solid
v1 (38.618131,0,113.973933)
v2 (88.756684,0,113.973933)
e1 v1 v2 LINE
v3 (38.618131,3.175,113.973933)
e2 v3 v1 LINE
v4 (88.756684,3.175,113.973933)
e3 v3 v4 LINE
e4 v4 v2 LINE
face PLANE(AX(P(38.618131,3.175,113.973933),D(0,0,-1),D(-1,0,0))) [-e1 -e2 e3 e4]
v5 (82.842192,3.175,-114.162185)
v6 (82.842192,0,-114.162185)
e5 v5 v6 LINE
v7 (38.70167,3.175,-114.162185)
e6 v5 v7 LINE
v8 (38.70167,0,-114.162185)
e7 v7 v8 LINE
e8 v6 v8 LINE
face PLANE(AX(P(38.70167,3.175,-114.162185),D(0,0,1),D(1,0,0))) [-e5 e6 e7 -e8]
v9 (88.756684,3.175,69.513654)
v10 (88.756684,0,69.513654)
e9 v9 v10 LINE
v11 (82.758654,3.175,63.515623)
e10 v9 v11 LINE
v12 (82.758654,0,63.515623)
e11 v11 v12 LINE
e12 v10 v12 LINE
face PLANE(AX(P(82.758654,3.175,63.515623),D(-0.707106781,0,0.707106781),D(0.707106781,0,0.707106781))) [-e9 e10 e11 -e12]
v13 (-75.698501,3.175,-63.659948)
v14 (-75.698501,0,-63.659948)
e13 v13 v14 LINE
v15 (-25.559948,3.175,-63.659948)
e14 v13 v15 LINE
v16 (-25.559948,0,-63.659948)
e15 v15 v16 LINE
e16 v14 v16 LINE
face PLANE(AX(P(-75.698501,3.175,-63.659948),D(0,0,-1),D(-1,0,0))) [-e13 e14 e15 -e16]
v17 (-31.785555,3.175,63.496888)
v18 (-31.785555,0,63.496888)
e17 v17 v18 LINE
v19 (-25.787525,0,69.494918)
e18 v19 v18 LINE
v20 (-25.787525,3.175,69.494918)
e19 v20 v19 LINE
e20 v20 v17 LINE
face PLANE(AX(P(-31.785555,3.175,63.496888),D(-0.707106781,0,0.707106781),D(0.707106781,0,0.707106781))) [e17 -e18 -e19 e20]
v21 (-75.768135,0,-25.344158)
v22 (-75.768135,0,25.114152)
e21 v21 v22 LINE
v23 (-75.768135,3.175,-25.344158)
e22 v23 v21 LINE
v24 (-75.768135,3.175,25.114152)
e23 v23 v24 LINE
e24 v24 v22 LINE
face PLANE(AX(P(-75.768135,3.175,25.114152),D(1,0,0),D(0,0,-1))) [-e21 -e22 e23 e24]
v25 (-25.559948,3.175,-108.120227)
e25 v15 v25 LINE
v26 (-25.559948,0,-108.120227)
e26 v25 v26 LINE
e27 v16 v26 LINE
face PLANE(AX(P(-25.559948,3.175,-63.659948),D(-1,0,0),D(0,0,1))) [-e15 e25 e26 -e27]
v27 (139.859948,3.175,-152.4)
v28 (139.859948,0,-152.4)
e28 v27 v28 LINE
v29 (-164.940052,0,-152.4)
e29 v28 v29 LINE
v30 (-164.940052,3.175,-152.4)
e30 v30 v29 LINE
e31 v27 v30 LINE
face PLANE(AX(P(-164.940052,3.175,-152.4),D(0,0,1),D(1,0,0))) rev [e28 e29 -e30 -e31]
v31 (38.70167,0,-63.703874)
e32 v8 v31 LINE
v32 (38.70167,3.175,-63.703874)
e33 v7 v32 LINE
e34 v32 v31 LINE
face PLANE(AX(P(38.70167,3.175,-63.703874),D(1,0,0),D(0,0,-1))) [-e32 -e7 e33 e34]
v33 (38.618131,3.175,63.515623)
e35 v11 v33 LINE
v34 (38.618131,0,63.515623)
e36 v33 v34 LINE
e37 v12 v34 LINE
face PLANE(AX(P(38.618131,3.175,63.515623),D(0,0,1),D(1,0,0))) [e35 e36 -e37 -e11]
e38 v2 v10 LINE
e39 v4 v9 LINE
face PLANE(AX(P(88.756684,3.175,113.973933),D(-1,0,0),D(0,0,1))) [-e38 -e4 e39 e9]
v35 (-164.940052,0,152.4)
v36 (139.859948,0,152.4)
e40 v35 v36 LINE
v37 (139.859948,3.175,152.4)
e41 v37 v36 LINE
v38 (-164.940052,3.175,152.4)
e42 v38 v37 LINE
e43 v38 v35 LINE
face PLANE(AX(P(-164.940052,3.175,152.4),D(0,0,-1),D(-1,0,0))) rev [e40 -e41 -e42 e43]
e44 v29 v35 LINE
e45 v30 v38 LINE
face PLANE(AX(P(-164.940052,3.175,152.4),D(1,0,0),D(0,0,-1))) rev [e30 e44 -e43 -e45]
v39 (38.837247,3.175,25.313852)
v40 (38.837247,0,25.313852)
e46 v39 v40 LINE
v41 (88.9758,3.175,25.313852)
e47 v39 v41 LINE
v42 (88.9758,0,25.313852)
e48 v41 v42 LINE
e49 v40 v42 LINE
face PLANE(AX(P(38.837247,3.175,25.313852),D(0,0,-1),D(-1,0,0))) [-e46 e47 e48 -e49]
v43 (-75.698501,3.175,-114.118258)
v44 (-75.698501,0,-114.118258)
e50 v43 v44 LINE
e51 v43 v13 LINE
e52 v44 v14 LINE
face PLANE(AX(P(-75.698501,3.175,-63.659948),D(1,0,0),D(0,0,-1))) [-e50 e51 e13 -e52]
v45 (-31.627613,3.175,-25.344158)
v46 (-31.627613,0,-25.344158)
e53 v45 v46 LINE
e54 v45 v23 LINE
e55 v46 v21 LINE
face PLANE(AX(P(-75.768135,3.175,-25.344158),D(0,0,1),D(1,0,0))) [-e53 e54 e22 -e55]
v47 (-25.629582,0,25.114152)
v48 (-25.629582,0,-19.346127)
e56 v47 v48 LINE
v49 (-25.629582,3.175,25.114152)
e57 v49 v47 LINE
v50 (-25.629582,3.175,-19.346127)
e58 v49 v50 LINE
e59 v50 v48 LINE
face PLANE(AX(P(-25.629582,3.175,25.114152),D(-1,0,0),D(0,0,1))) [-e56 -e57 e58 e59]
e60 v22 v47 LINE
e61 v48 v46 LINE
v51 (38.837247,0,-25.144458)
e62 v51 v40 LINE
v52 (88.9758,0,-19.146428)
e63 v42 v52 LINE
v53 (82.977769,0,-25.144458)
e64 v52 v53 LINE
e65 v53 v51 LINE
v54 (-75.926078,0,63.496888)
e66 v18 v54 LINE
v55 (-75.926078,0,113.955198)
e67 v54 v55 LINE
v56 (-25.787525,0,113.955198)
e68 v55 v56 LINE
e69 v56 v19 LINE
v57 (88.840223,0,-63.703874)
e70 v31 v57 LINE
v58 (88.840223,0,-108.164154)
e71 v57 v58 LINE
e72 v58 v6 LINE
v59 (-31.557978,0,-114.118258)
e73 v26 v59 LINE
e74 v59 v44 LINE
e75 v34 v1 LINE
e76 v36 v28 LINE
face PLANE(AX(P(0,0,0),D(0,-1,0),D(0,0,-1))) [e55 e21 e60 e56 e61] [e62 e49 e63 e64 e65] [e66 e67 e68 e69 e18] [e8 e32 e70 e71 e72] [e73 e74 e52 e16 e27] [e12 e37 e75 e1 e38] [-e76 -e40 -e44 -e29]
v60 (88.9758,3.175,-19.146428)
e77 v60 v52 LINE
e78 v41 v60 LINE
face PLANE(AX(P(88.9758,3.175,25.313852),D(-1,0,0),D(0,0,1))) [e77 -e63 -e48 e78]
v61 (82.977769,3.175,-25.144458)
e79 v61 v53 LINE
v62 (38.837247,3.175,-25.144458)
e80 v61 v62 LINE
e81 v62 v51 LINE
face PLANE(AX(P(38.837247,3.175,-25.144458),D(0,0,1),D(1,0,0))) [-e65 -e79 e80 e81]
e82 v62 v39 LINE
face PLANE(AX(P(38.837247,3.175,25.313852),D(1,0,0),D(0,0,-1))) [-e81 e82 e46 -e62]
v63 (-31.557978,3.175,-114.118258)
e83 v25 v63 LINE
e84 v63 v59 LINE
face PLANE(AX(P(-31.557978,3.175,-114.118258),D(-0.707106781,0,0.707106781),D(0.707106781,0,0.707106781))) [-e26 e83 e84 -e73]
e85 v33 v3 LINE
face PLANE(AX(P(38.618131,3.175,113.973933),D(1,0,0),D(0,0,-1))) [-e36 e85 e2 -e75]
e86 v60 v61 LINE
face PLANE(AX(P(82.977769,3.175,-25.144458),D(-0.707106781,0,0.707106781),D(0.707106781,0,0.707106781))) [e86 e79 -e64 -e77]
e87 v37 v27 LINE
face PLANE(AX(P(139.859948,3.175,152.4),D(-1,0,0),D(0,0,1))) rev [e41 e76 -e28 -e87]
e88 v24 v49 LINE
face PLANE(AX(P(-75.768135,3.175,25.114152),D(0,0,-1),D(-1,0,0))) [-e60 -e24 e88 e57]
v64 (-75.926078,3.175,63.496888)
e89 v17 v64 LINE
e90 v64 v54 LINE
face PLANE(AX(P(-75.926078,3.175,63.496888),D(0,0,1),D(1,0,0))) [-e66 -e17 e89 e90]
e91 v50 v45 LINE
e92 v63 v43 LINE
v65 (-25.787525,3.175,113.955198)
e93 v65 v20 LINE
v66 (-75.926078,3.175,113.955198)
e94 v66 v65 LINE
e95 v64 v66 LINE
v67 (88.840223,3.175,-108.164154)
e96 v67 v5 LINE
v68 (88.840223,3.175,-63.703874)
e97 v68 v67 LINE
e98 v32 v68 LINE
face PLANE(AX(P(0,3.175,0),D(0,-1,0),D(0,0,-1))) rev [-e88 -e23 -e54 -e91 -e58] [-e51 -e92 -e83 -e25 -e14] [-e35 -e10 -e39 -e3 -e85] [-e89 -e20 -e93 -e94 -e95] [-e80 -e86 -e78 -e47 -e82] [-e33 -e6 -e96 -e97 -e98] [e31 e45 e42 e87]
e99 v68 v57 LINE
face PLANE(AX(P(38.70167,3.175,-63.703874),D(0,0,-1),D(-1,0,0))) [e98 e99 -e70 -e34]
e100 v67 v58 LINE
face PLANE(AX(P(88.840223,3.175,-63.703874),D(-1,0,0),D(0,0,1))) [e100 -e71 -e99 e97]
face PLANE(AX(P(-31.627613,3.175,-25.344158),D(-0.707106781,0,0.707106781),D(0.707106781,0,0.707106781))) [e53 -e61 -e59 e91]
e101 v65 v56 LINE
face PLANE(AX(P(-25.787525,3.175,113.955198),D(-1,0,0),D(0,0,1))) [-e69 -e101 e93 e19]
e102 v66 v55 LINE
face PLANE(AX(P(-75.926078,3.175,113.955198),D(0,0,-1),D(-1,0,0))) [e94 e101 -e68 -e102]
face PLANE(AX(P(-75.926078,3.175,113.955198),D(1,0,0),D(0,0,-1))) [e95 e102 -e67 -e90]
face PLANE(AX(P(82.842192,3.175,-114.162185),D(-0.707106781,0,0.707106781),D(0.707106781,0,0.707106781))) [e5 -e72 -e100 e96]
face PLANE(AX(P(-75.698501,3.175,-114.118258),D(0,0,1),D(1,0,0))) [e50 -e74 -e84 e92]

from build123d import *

# Parameters (mm, degrees)
SKETCH1_W           = 304.8
SKETCH1_H           = 304.8
BOSS_EXTRUDE1_DEPTH = 3.175


with BuildPart() as part:
    # Sketch1 → Boss-Extrude1 (new body)
    with BuildSketch(Plane(origin=(0, 0, 0), x_dir=(1, 0, 0), z_dir=(0, 1, 0))):
        with Locations((-12.540052417, 0)):
            Rectangle(SKETCH1_W, SKETCH1_H)
        Polygon((-75.698500695, 63.659947583), (-25.559947583, 63.659947583), (-25.559947583, 108.120227238), (-31.557978093, 114.118257748), (-75.698500695, 114.118257748), align=None, mode=Mode.SUBTRACT)
        Polygon((38.701669621, 63.703874457), (88.840222733, 63.703874457), (88.840222733, 108.164154112), (82.842192224, 114.162184621), (38.701669621, 114.162184621), align=None, mode=Mode.SUBTRACT)
        Polygon((-75.76813518, -25.114152208), (-25.629582068, -25.114152208), (-25.629582068, 19.346127447), (-31.627612577, 25.344157957), (-75.76813518, 25.344157957), align=None, mode=Mode.SUBTRACT)
        Polygon((38.837246674, -25.31385175), (88.975799786, -25.31385175), (88.975799786, 19.146427905), (82.977769277, 25.144458414), (38.837246674, 25.144458414), align=None, mode=Mode.SUBTRACT)
        Polygon((38.618131254, -113.973933449), (88.756684366, -113.973933449), (88.756684366, -69.513653793), (82.758653857, -63.515623284), (38.618131254, -63.515623284), align=None, mode=Mode.SUBTRACT)
        Polygon((-75.926077633, -113.955197726), (-25.787524521, -113.955197726), (-25.787524521, -69.494918071), (-31.78555503, -63.496887561), (-75.926077633, -63.496887561), align=None, mode=Mode.SUBTRACT)
    extrude(amount=BOSS_EXTRUDE1_DEPTH)


solid = part.part
